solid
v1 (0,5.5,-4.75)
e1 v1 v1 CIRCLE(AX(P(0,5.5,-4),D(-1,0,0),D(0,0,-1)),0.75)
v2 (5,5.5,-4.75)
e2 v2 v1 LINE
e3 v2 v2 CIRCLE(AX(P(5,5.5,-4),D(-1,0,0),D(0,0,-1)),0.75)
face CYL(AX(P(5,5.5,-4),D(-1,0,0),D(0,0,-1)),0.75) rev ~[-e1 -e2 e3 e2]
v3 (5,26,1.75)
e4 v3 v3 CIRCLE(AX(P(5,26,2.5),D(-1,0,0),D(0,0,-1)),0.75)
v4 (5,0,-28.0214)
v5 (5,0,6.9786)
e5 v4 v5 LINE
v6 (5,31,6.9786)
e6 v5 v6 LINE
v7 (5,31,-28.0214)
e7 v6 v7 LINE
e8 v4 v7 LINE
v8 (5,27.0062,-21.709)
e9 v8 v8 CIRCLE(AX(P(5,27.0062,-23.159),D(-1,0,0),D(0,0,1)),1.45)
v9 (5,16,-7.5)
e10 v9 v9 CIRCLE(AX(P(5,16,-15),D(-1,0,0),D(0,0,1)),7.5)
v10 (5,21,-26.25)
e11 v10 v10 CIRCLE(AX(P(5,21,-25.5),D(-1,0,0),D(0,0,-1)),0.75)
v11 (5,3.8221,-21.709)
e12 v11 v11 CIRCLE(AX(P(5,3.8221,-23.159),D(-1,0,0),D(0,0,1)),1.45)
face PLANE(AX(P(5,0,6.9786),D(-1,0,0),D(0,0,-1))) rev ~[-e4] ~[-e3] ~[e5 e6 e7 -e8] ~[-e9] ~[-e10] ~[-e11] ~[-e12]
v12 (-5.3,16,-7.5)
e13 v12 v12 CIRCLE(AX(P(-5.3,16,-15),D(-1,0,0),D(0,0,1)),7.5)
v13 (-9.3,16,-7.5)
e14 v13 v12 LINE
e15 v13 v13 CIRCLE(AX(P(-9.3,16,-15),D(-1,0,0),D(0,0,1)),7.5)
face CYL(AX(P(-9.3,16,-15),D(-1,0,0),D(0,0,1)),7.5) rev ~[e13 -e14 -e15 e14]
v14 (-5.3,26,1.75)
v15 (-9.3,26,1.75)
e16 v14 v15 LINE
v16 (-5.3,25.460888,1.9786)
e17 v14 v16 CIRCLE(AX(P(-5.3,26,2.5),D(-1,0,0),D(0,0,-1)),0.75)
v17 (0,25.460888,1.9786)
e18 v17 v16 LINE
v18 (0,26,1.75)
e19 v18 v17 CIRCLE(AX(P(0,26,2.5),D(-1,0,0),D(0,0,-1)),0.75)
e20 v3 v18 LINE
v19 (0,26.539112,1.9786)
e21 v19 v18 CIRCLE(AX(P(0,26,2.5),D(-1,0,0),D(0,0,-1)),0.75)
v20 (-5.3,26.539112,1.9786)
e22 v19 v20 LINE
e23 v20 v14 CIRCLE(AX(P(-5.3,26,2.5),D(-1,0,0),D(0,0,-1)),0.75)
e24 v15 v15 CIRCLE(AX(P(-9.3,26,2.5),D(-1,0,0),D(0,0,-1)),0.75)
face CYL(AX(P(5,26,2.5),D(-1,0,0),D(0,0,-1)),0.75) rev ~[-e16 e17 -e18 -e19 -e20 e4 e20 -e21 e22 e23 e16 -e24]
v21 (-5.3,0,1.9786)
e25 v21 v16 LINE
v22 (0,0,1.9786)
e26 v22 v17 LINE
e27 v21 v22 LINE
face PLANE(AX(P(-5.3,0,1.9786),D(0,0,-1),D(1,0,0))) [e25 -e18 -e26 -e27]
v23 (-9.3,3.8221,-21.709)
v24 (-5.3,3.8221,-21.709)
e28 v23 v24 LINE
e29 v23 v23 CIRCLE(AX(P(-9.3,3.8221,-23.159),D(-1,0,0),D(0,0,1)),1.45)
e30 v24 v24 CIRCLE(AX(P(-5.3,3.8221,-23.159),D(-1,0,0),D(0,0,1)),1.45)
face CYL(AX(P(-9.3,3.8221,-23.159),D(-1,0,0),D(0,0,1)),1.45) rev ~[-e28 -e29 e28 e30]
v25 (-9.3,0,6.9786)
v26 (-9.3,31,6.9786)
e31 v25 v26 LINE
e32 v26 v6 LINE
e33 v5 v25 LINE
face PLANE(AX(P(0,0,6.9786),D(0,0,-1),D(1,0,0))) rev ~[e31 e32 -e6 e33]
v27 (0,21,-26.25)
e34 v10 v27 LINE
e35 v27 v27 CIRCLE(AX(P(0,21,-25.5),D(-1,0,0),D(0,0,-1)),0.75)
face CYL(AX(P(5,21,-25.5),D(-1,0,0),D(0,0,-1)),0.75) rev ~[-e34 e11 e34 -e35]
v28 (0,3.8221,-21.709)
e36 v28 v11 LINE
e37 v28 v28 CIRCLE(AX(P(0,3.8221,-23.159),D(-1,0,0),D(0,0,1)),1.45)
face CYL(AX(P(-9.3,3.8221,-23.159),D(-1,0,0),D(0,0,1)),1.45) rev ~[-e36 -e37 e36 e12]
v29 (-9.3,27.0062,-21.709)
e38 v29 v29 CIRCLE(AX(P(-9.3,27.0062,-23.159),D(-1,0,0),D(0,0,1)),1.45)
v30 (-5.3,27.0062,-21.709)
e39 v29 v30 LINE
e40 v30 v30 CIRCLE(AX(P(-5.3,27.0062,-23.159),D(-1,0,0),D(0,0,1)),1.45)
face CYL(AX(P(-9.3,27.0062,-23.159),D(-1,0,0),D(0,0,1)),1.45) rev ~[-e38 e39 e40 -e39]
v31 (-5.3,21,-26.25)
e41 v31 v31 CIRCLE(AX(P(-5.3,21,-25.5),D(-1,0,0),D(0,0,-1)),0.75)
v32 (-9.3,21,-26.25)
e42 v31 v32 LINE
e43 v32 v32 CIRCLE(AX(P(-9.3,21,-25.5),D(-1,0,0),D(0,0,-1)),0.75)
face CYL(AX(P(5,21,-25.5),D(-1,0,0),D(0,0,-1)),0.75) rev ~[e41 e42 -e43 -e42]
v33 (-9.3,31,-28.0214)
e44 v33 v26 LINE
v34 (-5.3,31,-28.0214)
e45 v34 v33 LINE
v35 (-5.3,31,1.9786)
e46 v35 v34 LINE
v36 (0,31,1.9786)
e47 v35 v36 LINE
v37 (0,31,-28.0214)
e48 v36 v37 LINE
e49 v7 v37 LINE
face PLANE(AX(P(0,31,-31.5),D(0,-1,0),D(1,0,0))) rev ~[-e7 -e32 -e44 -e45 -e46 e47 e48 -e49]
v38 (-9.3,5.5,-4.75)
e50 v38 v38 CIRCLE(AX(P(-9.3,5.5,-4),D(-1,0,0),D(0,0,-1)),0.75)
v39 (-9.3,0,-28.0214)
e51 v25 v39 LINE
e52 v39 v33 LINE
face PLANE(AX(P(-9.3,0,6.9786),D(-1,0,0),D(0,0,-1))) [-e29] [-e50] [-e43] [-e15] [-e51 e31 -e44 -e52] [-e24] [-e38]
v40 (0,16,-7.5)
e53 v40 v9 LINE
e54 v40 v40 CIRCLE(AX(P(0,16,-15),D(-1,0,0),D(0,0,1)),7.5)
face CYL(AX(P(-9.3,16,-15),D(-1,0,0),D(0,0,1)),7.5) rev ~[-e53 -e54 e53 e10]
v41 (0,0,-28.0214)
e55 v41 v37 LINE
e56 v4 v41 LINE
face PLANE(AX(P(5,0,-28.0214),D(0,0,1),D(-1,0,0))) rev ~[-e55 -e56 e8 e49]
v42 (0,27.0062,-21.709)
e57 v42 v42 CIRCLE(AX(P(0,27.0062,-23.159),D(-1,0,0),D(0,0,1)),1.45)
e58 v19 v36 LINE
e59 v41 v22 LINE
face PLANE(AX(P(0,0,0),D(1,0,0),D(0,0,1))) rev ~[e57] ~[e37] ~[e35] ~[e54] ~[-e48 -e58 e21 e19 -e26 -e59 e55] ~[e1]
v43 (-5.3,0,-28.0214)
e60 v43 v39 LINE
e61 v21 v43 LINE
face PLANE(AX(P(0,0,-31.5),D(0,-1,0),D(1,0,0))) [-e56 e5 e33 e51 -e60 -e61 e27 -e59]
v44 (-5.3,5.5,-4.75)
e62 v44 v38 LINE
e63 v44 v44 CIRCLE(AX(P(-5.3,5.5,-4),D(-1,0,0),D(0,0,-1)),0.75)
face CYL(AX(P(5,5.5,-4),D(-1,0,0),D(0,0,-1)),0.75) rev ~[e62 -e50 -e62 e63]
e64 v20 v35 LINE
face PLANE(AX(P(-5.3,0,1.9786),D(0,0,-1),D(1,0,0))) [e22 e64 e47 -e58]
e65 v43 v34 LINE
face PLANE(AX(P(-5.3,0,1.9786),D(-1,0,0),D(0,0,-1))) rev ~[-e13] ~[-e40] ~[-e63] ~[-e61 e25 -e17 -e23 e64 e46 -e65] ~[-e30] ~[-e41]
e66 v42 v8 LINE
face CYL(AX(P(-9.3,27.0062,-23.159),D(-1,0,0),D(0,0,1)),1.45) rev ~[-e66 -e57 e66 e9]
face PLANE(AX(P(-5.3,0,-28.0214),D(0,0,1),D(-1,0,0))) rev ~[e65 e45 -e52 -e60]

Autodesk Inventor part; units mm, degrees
ref_plane "YZ Plane" through (0, 0, 0) normal (1, 0, 0) x (0, 1, 0)
ref_plane "XZ Plane" through (0, 0, 0) normal (0, 1, 0) x (-1, 0, 0)
ref_plane "Work Plane1" through (0, 0, -31.5) normal (0, -1, 0) x (1, 0, 0)
sketch "Sketch1" plane through (0, 0, -31.5) normal (0, -1, 0) x (1, 0, 0)
  line L0 (0, 31.5) -> (0, 0) projected
  line L1 (5, 26.9723) -> (5, 36.5) projected
  line L2 (-5, 0) -> (-5, 31.5) projected
  line L3 (0, 31.5) -> (-5, 31.5) projected
  line L4 (5, 3.4786) -> (0, 3.4786)
  line L5 (0, 3.4786) -> (0, 38.4786)
  line L6 (0, 38.4786) -> (5, 38.4786)
  line L7 (5, 38.4786) -> (5, 3.4786)
  line L8 (0, 38.4786) -> (-9.3, 38.4786)
  line L9 (-9.3, 38.4786) -> (-9.3, 33.4786)
  line L10 (-9.3, 33.4786) -> (0, 33.4786)
  line L11 (0, 33.4786) -> (0, 38.4786)
  line L12 (-5.3, 3.4786) -> (-9.3, 3.4786)
  line L13 (-9.3, 3.4786) -> (-9.3, 33.4786)
  line L14 (-9.3, 33.4786) -> (-5.3, 33.4786)
  line L15 (-5.3, 33.4786) -> (-5.3, 3.4786)
  dimension "d0" = 35
  dimension "d1" = 5
  dimension "d2" = 4
  dimension "d3" = 0
  dimension "d4" = 0.3
  dimension "d5" = 0
ref_plane "Work Plane2" through (-5, 31, -22.5) normal (0, 1, 0) x (0, 0, 1)
extrude "Extrusion1" add sketch "Sketch1" against normal up to surface (31 mm away)
sketch "Sketch2" plane through (-9.3, 0, -28.0214) normal (-1, 0, 0) x (0, 0, 1)
  arc A0 (11.8709, 3.8471) -> (24.1214, 10.9199) centre (13.0214, 16) ccw projected
  line L0 (11.8709, 3.8471) -> (3.0166, 8.9591) projected
  arc A1 (3.0166, 23.0409) -> (3.0166, 8.9591) centre (13.0214, 16) ccw projected
  line L1 (3.0166, 23.0409) -> (11.5786, 27.9842) projected
  arc A2 (24.1214, 20.7426) -> (11.5786, 27.9842) centre (13.0214, 16) ccw projected
  line L2 (24.1214, 20.7426) -> (24.1214, 10.9199) projected
  line L3 (-3.4786, 32) -> (-3.4786, -6) projected
  line L4 (-3.4786, -6) -> (28.0214, -6) projected
  line L5 (28.0214, -6) -> (28.0214, 32) projected
  line L6 (-3.4786, 32) -> (28.0214, 32) projected
  circle A3 centre (13.0214, 16) radius 7.5
  point P0 (28.0214, 0)
  dimension "d8" = 15
extrude "Extrusion2" cut sketch "Sketch2" against normal through all contours A3
sketch "Sketch3" plane through (5, 0, 6.9786) normal (1, 0, 0) x (0, 0, -1)
  arc A0 (6.1231, 27.7) -> (5.1231, 28.7) centre (5.1231, 27.7) ccw projected
  line L0 (5.1231, 28.7) -> (1.9786, 28.7) projected
  line L1 (1.9786, 28.7) -> (1.9786, 3) projected
  line L2 (1.9786, 3) -> (11.5063, 3) projected
  arc A1 (11.5063, 3) -> (12.5063, 4) centre (11.5063, 4) ccw projected
  line L3 (12.5063, 4) -> (12.5063, 5.8624) projected
  arc A2 (13.5063, 6.8624) -> (12.5063, 5.8624) centre (13.5063, 5.8624) ccw projected
  line L4 (13.5063, 6.8624) -> (31.9786, 6.8624) projected
  line L5 (31.9786, 6.8624) -> (31.9786, 18.397) projected
  arc A3 (32.9786, 19.397) -> (31.9786, 18.397) centre (32.9786, 18.397) ccw projected
  line L6 (32.9786, 19.397) -> (33.9786, 19.397) projected
  arc A4 (33.9786, 19.397) -> (34.9786, 20.397) centre (33.9786, 20.397) ccw projected
  line L7 (34.9786, 20.397) -> (34.9786, 22.9624) projected
  arc A5 (34.9786, 22.9624) -> (33.9786, 23.9624) centre (33.9786, 22.9624) ccw projected
  line L8 (33.9786, 23.9624) -> (7.1231, 23.9624) projected
  arc A6 (6.1231, 24.9624) -> (7.1231, 23.9624) centre (7.1231, 24.9624) ccw projected
  line L9 (6.1231, 24.9624) -> (6.1231, 27.7) projected
  line L10 (14.4786, 22) -> (29.9786, 22) projected
  line L11 (29.9786, 22) -> (29.9786, 8.5) projected
  line L12 (29.9786, 8.5) -> (14.4786, 8.5) projected
  line L13 (14.4786, 8.5) -> (14.4786, 22) projected
  circle A7 centre (4.4786, 26) radius 1 projected
  circle A8 centre (10.9786, 5.5) radius 1 projected
  circle A9 centre (32.4786, 21) radius 1 projected
  point P0 (6.9786, 0)
hole "Hole1" at (5, 5.5, -4) at (5, 26, 2.5) at (5, 21, -25.5) direction (-1, 0, 0) diameter 1.5 end through all
sketch "Sketch4" plane through (-9.3, 0, -28.0214) normal (-1, 0, 0) x (0, 0, 1)
  circle A0 centre (30.5214, 26) radius 0.75 projected
  circle A1 centre (24.0214, 5.5) radius 0.75 projected
  circle A2 centre (2.5214, 21) radius 0.75 projected
  circle A3 centre (13.0214, 16) radius 7.5 projected
  line L0 (35, 31) -> (0, 31) projected
  line L1 (0, 0) -> (0, 31) projected
  line L2 (35, 0) -> (0, 0) projected
  line L3 (35, 0) -> (35, 31) projected
  circle A4 centre (4.8624, 3.8221) radius 1.45
  circle A5 centre (4.8624, 27.0062) radius 1.45
  point P0 (28.0214, 0)
  dimension "d18" = 2.9
  dimension "d19" = 2.9
extrude "Extrusion3" cut sketch "Sketch4" against normal through all contours A4 | A5
properties part number "cellSTORM_inverted_spacerblock_KES400"
